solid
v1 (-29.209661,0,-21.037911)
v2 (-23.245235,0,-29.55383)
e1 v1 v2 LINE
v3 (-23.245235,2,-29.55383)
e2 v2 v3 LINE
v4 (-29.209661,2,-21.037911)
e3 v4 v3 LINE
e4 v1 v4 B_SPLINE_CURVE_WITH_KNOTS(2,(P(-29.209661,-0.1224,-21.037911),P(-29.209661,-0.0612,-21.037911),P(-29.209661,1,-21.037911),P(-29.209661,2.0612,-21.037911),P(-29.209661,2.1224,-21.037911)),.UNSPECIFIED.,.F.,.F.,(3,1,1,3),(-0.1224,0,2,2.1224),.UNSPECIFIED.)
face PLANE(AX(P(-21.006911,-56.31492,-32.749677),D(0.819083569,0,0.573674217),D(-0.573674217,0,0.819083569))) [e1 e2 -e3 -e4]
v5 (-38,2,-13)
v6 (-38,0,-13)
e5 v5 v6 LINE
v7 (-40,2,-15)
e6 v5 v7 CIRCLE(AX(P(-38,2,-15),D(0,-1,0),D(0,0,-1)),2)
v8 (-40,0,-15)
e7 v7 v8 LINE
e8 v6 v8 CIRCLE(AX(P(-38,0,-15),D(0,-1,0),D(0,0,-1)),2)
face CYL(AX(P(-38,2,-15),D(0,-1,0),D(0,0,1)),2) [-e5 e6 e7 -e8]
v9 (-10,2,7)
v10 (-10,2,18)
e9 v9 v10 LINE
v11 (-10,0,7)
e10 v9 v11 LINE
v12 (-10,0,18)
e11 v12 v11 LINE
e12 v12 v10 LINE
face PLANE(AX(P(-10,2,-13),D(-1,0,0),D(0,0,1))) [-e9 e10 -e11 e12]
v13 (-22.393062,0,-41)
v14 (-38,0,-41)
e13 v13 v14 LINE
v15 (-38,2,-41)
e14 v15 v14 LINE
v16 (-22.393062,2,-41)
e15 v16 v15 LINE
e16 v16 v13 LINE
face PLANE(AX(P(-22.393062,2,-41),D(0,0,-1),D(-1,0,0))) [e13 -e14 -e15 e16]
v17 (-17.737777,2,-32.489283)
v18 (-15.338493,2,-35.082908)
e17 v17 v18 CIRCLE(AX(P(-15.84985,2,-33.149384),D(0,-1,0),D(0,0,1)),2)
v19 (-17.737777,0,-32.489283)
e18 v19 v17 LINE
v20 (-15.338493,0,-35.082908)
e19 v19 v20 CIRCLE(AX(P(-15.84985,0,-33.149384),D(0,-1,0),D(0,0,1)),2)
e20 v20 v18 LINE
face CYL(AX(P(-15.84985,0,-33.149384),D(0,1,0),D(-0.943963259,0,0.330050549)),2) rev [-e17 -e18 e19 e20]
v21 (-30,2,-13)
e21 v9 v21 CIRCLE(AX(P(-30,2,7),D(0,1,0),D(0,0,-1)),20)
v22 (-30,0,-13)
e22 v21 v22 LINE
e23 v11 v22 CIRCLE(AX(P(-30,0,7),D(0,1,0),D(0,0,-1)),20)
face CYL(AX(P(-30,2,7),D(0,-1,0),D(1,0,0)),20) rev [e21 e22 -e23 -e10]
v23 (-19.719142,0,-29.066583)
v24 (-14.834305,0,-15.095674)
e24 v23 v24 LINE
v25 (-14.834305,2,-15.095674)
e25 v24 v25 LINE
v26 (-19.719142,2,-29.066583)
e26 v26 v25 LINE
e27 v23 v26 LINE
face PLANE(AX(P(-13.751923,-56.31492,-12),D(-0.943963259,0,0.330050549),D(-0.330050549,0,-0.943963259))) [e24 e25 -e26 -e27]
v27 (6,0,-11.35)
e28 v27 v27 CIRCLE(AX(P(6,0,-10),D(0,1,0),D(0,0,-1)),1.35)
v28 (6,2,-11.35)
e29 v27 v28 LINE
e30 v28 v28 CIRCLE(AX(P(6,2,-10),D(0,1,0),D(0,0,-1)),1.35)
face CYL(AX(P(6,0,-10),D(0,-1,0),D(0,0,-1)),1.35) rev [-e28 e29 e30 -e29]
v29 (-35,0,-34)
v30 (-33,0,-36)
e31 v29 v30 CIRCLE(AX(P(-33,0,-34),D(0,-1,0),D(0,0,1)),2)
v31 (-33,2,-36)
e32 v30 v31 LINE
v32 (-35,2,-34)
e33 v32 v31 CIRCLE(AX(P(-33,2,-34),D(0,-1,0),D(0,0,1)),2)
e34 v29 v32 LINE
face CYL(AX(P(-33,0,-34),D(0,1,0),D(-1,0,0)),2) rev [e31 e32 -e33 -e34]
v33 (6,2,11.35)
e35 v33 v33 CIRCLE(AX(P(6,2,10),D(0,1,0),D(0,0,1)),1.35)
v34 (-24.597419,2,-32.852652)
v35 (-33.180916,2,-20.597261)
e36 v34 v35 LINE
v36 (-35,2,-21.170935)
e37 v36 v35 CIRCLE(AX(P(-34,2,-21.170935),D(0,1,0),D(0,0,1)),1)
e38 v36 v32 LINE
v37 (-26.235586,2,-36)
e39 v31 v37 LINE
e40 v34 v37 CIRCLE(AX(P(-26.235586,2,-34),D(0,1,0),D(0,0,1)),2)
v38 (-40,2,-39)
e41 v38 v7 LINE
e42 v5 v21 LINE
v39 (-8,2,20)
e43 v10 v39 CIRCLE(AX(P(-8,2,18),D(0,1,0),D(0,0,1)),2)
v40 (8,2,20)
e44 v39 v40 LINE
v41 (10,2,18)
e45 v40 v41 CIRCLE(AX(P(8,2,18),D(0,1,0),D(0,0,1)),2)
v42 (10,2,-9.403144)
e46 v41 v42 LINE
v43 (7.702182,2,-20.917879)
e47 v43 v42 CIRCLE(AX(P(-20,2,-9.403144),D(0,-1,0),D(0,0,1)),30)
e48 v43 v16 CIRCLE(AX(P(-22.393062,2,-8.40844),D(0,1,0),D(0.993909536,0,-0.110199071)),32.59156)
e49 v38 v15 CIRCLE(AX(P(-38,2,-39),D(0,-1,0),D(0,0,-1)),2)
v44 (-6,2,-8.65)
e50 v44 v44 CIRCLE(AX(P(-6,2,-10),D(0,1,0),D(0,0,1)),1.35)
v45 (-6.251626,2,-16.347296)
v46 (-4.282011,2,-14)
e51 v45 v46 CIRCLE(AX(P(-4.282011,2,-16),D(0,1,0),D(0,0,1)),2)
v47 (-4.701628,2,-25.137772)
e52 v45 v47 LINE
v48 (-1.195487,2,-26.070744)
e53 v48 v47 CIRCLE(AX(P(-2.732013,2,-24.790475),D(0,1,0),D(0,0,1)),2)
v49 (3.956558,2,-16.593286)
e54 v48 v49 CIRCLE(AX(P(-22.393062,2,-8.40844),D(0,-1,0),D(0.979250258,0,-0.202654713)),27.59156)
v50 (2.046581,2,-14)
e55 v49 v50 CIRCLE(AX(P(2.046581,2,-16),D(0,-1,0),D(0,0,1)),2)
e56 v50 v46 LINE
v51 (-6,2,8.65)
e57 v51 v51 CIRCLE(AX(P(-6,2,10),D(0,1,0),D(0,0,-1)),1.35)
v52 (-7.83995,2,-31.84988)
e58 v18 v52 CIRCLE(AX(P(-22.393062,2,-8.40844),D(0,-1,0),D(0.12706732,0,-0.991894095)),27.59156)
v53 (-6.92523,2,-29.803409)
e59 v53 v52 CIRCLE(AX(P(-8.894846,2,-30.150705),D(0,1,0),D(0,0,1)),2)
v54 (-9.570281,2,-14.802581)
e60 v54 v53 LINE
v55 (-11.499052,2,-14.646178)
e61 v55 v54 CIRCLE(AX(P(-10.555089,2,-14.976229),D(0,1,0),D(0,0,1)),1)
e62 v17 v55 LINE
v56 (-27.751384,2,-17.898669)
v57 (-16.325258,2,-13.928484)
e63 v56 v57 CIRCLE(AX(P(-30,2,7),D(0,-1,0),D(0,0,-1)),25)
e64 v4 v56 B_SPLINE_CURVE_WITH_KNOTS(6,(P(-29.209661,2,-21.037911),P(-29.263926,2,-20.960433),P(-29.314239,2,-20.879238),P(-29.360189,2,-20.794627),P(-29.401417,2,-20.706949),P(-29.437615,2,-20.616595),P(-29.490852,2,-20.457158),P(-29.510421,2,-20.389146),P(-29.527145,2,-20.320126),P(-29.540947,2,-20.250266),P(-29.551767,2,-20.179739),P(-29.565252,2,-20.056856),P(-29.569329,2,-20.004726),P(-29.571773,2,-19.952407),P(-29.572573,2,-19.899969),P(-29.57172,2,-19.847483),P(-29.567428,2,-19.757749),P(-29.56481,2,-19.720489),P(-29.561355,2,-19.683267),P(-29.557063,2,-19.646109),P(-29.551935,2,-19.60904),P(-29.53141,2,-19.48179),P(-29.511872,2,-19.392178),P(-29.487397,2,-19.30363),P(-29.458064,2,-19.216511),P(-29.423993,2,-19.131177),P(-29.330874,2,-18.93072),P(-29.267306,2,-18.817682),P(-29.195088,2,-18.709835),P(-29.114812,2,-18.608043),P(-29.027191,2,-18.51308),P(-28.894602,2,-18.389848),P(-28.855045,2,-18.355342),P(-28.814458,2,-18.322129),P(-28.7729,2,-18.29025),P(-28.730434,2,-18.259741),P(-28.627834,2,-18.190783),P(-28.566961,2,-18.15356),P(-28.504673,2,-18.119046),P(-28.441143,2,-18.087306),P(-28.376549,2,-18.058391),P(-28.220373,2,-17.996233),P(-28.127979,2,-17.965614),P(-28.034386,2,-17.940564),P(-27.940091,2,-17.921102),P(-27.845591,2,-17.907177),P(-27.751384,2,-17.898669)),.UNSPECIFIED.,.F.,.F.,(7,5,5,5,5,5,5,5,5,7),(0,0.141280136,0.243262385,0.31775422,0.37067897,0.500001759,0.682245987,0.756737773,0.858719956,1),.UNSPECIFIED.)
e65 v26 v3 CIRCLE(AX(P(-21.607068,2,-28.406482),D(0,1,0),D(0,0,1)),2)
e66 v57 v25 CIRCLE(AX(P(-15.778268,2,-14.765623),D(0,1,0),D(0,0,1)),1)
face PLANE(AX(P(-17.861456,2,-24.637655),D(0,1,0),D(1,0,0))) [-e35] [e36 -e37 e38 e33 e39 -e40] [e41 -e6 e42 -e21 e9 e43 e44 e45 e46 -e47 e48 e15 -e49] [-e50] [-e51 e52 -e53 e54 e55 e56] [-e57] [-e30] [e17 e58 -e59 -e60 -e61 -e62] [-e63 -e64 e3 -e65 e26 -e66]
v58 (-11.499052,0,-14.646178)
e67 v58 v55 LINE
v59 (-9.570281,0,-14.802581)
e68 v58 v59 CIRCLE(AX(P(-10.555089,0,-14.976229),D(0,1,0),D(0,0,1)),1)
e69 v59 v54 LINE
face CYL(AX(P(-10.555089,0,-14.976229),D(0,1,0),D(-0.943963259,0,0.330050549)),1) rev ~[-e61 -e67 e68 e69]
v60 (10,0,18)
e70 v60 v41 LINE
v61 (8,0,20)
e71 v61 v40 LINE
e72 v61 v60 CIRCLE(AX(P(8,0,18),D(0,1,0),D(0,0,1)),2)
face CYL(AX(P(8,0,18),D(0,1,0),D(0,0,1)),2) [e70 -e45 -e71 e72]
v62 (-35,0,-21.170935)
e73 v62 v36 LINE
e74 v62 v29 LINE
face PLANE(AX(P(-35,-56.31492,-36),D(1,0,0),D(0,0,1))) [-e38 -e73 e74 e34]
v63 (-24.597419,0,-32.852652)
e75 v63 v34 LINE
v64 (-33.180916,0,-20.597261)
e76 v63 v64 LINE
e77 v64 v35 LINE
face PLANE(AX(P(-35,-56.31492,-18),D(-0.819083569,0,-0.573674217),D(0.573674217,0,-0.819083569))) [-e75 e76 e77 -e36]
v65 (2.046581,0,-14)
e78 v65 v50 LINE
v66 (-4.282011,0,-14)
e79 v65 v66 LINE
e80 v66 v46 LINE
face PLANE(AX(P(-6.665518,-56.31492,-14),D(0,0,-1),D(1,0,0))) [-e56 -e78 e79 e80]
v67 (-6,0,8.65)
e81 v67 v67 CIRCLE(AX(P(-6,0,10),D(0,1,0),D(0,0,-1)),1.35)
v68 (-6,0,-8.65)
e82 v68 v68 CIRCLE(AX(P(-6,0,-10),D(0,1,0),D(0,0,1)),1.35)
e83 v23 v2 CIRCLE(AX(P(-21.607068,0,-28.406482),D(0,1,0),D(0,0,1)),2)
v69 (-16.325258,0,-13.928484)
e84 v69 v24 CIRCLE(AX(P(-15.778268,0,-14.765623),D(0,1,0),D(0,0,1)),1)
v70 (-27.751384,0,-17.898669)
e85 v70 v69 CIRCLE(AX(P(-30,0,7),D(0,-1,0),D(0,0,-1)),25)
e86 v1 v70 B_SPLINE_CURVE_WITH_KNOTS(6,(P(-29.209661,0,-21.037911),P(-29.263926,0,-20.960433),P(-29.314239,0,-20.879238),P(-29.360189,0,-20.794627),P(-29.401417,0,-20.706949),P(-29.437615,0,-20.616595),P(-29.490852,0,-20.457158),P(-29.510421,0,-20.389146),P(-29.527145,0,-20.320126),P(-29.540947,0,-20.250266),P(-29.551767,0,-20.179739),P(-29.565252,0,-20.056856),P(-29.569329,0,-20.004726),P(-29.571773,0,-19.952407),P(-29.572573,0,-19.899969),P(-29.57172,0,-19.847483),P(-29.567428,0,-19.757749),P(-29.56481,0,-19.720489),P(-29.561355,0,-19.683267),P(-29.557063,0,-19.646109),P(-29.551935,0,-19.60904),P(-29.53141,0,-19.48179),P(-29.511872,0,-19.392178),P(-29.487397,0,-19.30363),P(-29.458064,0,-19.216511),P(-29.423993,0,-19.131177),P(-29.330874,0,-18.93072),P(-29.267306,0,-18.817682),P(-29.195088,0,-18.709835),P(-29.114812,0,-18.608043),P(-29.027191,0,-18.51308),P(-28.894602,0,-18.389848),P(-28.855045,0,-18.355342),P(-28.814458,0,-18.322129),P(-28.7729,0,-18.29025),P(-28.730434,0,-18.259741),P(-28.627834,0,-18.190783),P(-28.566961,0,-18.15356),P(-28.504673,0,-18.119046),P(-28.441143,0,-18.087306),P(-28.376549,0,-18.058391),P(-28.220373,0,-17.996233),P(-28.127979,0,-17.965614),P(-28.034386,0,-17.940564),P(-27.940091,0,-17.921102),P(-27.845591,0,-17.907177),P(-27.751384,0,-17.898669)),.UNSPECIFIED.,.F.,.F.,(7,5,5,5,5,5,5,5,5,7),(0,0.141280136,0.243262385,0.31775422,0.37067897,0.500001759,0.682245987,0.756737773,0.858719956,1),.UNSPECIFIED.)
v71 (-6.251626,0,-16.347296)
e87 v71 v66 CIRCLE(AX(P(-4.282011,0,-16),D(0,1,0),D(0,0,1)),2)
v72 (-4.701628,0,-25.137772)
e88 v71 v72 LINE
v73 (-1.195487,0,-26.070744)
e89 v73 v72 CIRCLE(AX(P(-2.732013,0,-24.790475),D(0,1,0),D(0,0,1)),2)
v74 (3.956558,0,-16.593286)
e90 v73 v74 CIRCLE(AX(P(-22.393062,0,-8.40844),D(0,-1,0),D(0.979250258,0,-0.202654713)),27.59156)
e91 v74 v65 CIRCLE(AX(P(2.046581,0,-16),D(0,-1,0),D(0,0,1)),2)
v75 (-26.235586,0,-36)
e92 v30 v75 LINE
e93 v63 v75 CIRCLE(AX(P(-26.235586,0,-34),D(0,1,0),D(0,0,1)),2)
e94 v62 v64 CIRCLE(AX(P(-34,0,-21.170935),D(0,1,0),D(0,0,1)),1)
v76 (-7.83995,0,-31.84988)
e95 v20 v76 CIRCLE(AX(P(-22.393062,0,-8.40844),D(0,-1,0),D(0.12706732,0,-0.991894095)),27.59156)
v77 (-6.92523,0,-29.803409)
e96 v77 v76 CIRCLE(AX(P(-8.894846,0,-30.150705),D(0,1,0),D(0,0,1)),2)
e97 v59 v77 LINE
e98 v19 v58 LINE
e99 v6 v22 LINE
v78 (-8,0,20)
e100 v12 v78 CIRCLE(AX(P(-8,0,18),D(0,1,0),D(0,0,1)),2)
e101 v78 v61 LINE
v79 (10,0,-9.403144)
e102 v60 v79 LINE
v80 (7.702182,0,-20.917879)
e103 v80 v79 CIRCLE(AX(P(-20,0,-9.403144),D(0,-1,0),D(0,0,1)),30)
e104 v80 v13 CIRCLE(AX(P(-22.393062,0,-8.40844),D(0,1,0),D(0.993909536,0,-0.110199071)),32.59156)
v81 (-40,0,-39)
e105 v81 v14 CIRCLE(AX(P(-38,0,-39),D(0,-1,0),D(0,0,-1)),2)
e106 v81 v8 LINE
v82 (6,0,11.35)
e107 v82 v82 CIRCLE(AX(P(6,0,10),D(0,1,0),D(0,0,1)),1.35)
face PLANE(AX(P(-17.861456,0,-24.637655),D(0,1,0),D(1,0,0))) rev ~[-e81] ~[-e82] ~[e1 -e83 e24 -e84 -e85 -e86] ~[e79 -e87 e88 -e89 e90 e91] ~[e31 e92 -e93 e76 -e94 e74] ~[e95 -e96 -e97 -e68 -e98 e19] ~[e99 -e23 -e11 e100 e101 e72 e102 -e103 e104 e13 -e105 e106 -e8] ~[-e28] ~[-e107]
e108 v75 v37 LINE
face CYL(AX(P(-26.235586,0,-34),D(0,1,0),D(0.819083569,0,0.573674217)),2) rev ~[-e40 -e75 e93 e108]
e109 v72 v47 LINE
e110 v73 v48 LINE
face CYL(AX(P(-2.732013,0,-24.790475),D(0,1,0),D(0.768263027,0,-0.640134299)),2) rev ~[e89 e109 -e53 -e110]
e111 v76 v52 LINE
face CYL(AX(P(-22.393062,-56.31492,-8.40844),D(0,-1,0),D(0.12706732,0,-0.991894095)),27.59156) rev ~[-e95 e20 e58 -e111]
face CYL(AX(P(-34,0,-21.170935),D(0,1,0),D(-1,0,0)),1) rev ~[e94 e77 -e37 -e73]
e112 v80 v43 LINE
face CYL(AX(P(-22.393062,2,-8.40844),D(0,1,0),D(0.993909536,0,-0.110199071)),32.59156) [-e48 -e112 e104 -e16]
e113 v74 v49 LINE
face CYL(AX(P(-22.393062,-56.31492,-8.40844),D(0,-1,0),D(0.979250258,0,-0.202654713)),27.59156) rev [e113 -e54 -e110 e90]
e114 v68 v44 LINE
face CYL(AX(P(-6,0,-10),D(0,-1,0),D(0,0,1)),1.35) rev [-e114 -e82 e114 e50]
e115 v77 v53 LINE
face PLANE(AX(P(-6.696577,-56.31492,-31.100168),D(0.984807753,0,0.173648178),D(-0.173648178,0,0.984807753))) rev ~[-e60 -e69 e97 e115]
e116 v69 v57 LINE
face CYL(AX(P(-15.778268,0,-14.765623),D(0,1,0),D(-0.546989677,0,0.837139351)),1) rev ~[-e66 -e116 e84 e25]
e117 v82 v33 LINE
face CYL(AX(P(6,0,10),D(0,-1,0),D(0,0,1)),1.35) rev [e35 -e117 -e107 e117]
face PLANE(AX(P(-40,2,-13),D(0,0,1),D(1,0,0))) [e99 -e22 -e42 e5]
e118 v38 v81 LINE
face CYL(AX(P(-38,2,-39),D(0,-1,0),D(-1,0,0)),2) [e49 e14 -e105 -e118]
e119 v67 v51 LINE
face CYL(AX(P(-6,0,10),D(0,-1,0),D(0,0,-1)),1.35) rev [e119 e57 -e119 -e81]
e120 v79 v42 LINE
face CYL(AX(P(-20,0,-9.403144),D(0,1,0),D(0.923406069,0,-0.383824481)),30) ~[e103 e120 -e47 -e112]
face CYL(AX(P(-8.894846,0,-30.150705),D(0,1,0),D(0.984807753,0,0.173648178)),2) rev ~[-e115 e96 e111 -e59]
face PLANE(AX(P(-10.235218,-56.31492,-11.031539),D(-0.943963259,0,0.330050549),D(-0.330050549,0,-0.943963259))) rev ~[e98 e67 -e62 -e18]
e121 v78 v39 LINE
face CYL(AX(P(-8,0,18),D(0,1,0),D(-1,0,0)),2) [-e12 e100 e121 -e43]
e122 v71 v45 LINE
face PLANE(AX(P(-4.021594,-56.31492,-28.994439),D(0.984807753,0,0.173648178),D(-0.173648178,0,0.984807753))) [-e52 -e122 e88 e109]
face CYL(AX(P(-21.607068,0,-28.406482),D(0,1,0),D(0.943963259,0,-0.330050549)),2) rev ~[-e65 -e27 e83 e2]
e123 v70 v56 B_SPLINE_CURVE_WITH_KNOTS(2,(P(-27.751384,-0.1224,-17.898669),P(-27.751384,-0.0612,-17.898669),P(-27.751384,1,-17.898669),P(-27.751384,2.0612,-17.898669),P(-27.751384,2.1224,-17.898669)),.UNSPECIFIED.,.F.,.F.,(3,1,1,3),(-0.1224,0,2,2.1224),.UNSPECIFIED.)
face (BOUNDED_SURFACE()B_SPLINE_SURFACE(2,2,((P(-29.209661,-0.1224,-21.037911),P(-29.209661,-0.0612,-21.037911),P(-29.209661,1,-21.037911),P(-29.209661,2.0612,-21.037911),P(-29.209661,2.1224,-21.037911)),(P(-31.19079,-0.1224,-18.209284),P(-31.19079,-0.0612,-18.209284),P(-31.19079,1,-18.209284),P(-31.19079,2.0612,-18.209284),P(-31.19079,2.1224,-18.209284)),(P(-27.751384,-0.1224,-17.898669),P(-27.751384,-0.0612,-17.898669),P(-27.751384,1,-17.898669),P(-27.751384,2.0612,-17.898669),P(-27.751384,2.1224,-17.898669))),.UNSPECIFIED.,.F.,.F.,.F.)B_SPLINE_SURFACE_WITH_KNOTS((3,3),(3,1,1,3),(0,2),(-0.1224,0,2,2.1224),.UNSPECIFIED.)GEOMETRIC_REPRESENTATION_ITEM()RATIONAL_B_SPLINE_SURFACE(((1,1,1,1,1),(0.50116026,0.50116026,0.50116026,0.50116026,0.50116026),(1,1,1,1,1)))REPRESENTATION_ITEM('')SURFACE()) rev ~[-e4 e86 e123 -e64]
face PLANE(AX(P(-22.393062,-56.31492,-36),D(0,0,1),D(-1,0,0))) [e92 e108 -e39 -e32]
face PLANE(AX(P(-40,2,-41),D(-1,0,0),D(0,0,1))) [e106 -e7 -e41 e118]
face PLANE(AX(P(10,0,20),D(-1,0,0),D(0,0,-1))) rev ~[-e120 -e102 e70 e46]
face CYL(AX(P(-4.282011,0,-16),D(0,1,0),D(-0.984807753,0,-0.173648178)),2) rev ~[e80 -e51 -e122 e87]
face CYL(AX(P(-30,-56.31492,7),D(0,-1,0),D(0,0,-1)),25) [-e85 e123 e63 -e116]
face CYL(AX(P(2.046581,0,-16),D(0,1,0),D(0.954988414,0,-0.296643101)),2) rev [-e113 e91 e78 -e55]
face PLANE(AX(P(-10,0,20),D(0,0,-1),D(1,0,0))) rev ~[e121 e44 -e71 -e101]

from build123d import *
from OCP.BRepFilletAPI import BRepFilletAPI_MakeFillet

# Parameters (mm, degrees)
SKETCH_1_W               = 20
SKETCH_1_H               = 32
SKETCH_1_R               = 1.35
EXTRUDE_1_DEPTH          = 2
EXTRUDE_2_DEPTH          = 2
FILLET_1_R               = 20
CUT_EXTRUDE_2_DEPTH      = 58.314919524
CUT_EXTRUDE_2_DEPTH_BACK = 58.314919524
FILLET_2_R1              = 2
FILLET_2_R2              = 1
FILLET_5_R               = 2
FILLET_6_R               = 30


with BuildPart() as part:
    # 草图1 → 凸台-拉伸1 (new body)
    with BuildSketch(Plane(origin=(0, 0, 0), x_dir=(1, 0, 0), z_dir=(0, 1, 0))):
        with Locations((0, -4)):
            Rectangle(SKETCH_1_W, SKETCH_1_H)
        with Locations(Location((-6, 10, 0), (0, 0, 270))):
            Circle(SKETCH_1_R, mode=Mode.SUBTRACT)
        with Locations(Location((6, 10, 0), (0, 0, 90))):
            Circle(SKETCH_1_R, mode=Mode.SUBTRACT)
        with Locations(Location((6, -10, 0), (0, 0, 270))):
            Circle(SKETCH_1_R, mode=Mode.SUBTRACT)
        with Locations(Location((-6, -10, 0), (0, 0, 90))):
            Circle(SKETCH_1_R, mode=Mode.SUBTRACT)
    extrude(amount=EXTRUDE_1_DEPTH)

    # 草图2 → 凸台-拉伸2 (add)
    with BuildSketch(Plane(origin=(0, 2, 0), x_dir=(1, 0, 0), z_dir=(0, 1, 0))):
        with BuildLine():
            Line((-40, 41), (-40, 13))
            Line((-40, 13), (-10, 13))
            Line((-10, 13), (-10, 12))
            Line((-10, 12), (10, 12))
            ThreePointArc((10, 12), (-0.654211509, 32.690782604), (-22.393061845, 41))
            Line((-22.393061845, 41), (-40, 41))
        make_face()
    extrude(amount=-EXTRUDE_2_DEPTH)

    # 圆角1
    fillet_1_edges = [part.edges().sort_by_distance(p)[0] for p in [
        (-10, 1, -13),
    ]]
    fillet(fillet_1_edges, radius=FILLET_1_R)

    # 草图3 → 切除-拉伸2 (cut, two sides: drawn at the far end of the back side and taken through both)
    with BuildSketch(Plane(origin=(0, 2, 0), x_dir=(1, 0, 0), z_dir=(0, 1, 0)).offset(-CUT_EXTRUDE_2_DEPTH_BACK)):
        Polygon((-22.393061845, 36), (-35, 36), (-35, 18), align=None)
        with BuildLine():
            Line((-31.337370064, 18), (-30, 18))
            ThreePointArc((-30, 18), (-21.339745962, 16.452078799), (-13.751923191, 12))
            Line((-13.751923191, 12), (-21.0069112, 32.749676509))
            Line((-21.0069112, 32.749676509), (-31.337370064, 18))
        make_face()
        with BuildLine():
            Line((-10.235217527, 11.031539438), (-18.887076306, 35.776345445))
            ThreePointArc((-18.887076306, 35.776345445), (-12.511241297, 34.169724991), (-6.696576783, 31.100168357))
            Line((-6.696576783, 31.100168357), (-10.235217527, 11.031539438))
        make_face()
        with BuildLine():
            Line((-6.665518003, 14), (4.625979988, 14))
            ThreePointArc((4.625979988, 14), (1.508463055, 22.192897882), (-4.021593898, 28.994438709))
            Line((-4.021593898, 28.994438709), (-6.665518003, 14))
        make_face()
    extrude(amount=CUT_EXTRUDE_2_DEPTH + CUT_EXTRUDE_2_DEPTH_BACK, mode=Mode.SUBTRACT)

    # 圆角2: one fillet with a radius per group of edges: ONE call of the kernel's fillet builder (fillet() takes one radius for all edges)
    fillet_2_edges_1 = [part.edges().sort_by_distance(p)[0] for p in [
        (-31.337370064, 1, -18),
        (-22.393061845, 1, -36),
        (-35, 1, -36),
        (-21.0069112, 1, -32.749676509),
        (-4.021593898, 1, -28.994438709),
        (-6.696576783, 1, -31.100168357),
        (-18.887076306, 1, -35.776345445),
        (4.625979988, 1, -14),
        (-6.665518003, 1, -14),
    ]]
    fillet_2_edges_2 = [part.edges().sort_by_distance(p)[0] for p in [
        (-35, 1, -18),
        (-13.751923191, 1, -12),
        (-10.235217527, 1, -11.031539438),
    ]]
    fillet_2 = BRepFilletAPI_MakeFillet(part.part.solid().wrapped)
    for e in fillet_2_edges_1:
        fillet_2.Add(FILLET_2_R1, e.wrapped)
    for e in fillet_2_edges_2:
        fillet_2.Add(FILLET_2_R2, e.wrapped)
    add(Compound.cast(fillet_2.Shape()), mode=Mode.REPLACE)

    # 圆角5
    fillet_5_edges = [part.edges().sort_by_distance(p)[0] for p in [
        (-40, 1, -13),
        (-40, 1, -41),
        (10, 1, 20),
        (-10, 1, 20),
    ]]
    fillet(fillet_5_edges, radius=FILLET_5_R)

    # 圆角6
    fillet_6_edges = [part.edges().sort_by_distance(p)[0] for p in [
        (10, 1, -12),
    ]]
    fillet(fillet_6_edges, radius=FILLET_6_R)


solid = part.part
